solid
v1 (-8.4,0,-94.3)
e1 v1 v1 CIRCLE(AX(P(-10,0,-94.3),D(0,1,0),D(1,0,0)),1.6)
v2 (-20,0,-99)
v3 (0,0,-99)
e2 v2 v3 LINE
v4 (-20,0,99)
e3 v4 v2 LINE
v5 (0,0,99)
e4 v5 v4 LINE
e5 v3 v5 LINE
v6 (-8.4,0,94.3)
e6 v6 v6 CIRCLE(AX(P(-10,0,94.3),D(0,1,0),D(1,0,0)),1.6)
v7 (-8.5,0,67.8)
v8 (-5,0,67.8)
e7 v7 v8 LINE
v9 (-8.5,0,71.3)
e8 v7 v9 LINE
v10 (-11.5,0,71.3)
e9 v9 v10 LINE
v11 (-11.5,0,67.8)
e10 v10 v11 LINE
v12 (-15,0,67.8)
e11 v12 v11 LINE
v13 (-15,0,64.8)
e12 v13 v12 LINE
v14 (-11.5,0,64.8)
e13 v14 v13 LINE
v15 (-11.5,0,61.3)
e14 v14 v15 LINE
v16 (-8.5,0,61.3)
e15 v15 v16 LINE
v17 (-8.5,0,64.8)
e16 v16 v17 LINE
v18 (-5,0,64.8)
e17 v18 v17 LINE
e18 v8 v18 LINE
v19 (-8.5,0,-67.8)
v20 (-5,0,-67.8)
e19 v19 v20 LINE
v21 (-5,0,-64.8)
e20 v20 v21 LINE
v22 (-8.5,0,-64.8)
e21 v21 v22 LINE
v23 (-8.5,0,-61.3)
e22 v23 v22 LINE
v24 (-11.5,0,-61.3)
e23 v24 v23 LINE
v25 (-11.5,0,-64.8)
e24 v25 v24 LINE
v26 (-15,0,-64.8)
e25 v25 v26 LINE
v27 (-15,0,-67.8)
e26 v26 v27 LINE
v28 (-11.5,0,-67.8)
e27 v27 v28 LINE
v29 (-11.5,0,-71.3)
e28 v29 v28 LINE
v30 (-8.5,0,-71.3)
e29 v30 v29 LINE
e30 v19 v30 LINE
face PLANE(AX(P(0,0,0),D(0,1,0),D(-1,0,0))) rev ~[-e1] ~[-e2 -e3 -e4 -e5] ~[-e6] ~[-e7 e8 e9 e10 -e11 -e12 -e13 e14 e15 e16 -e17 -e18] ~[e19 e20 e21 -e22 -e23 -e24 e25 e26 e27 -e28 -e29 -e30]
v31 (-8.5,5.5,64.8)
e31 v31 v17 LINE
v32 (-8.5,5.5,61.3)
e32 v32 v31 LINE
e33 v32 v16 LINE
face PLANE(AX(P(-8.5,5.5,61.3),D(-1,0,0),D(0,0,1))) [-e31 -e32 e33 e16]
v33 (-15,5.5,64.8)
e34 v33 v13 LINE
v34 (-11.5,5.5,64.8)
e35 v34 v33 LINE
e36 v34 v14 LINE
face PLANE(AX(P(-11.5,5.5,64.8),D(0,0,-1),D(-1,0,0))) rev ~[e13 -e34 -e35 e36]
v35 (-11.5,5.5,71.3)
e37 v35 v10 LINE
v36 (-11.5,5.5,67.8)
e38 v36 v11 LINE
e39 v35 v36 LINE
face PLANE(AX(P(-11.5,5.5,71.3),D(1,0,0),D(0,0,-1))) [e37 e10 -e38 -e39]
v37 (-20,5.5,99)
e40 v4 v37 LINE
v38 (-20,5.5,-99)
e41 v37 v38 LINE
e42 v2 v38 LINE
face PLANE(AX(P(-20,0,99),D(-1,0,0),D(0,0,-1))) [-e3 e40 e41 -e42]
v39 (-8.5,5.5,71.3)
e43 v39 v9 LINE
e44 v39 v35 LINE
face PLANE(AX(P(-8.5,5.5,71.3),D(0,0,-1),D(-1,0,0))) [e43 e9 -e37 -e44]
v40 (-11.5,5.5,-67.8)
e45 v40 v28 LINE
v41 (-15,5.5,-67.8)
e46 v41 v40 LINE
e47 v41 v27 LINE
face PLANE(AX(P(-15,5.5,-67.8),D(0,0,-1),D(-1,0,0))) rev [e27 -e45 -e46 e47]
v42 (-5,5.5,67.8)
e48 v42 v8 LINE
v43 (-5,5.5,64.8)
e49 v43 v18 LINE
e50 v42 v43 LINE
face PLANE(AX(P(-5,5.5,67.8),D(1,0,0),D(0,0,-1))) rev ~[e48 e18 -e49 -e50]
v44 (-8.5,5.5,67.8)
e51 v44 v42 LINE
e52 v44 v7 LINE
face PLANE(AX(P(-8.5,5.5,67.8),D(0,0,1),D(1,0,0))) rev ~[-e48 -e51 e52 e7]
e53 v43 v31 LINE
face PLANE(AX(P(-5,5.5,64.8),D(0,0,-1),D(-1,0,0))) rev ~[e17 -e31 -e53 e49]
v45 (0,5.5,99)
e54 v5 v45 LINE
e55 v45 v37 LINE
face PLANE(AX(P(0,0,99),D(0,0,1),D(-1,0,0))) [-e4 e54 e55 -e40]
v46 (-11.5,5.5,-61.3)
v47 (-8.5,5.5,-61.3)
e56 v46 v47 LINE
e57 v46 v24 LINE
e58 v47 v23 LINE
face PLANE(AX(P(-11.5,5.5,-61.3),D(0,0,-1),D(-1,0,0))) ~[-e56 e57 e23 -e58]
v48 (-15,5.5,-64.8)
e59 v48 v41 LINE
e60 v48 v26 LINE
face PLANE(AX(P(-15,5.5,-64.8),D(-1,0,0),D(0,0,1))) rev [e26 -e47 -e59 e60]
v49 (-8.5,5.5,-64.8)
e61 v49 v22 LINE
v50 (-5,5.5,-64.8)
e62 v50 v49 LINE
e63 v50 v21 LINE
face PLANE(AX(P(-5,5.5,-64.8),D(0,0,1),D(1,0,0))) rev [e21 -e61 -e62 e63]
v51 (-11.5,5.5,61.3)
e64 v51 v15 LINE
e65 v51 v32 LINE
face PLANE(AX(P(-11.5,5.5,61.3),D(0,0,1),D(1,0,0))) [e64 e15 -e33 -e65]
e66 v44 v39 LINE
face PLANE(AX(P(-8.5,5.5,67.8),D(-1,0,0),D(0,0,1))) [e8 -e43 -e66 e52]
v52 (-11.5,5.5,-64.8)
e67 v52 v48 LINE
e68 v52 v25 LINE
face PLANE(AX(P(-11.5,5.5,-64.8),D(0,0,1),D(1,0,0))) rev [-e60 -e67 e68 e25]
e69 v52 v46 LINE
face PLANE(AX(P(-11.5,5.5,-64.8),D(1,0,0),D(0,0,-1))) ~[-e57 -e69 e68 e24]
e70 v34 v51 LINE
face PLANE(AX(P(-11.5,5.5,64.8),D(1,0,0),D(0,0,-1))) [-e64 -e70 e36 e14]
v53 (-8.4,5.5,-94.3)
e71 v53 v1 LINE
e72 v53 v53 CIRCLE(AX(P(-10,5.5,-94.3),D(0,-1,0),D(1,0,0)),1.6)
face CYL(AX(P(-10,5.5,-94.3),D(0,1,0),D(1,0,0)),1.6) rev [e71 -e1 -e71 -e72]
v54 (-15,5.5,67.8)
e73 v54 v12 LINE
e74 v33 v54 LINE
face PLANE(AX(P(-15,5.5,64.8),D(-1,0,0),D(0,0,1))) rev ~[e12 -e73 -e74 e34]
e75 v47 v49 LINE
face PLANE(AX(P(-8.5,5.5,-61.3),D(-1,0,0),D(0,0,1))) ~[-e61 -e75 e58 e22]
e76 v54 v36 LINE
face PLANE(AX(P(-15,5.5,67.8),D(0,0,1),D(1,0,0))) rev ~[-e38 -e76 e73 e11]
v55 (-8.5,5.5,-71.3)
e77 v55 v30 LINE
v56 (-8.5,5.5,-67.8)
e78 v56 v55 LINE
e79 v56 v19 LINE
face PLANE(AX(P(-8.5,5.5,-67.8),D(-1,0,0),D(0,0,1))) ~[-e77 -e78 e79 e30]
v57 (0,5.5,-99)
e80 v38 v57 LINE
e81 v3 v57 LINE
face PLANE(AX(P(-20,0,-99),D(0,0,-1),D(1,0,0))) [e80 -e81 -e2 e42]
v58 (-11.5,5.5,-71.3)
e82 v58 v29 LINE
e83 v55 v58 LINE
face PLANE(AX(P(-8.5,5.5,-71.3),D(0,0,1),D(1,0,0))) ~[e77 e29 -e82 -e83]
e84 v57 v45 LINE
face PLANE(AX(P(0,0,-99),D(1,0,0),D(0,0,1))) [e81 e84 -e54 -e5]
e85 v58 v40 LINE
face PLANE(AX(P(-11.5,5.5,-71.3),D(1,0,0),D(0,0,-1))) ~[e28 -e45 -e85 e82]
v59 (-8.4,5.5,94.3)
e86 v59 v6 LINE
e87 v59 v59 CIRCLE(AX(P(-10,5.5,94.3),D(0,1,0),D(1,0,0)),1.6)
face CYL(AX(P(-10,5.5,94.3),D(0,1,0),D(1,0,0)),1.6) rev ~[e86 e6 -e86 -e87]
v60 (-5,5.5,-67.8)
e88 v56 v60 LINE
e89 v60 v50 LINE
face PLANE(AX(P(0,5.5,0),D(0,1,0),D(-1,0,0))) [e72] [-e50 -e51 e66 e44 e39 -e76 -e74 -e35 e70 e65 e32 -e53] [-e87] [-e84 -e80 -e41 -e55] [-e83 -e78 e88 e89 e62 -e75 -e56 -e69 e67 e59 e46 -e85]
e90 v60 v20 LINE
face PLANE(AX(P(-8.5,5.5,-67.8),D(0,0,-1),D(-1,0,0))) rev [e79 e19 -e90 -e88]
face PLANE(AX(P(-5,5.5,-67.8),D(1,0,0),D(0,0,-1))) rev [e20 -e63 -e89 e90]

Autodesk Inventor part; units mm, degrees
ref_plane "YZ Plane" through (0, 0, 0) normal (1, 0, 0) x (0, 1, 0)
ref_plane "XZ Plane" through (0, 0, 0) normal (0, 1, 0) x (-1, 0, 0)
ref_plane "XY Plane" through (0, 0, 0) normal (0, 0, 1) x (1, 0, 0)
sketch "スケッチ1" plane through (0, 0, 0) normal (0, 1, 0) x (-1, 0, 0)
  line L0 (0, 99) -> (20, 99)
  line L1 (20, 99) -> (20, -99)
  line L2 (20, -99) -> (0, -99)
  line L3 (0, -99) -> (0, 99)
  point P0 (0, 0)
  point P1 (0, 0)
  dimension "d0" = 198
  dimension "d1" = 20
extrude "押し出し1" add sketch "スケッチ1" along normal blind 5.5
sketch "スケッチ2" plane through (0, 5.5, 0) normal (0, 1, 0) x (1, 0, 0)
  line L0 (-15, -67.8) -> (-5, -67.8)
  line L1 (-5, -67.8) -> (-5, -64.8)
  line L2 (-5, -64.8) -> (-15, -64.8)
  line L3 (-15, -64.8) -> (-15, -67.8)
  line L4 (-8.5, -71.3) -> (-11.5, -71.3)
  line L5 (-11.5, -71.3) -> (-11.5, -61.3)
  line L6 (-11.5, -61.3) -> (-8.5, -61.3)
  line L7 (-8.5, -61.3) -> (-8.5, -71.3)
  line L8 (-20, -99) -> (0, -99) projected
  circle A0 centre (-10, -94.3) radius 1.6
  point P0 (0, 0)
  point P1 (-8.5, -66.3)
  point P2 (-15, -66.3)
  point P3 (-10, -71.3)
  point P4 (-10, -67.8)
  point P5 (-10, -99)
  point P6 (-8.5, -64.8)
  point P7 (-11.5, -64.8)
  point P8 (-11.5, -67.8)
  point P9 (-8.5, -67.8)
  point P10 (-10, -99)
  dimension "d4" = 10
  dimension "d5" = 27.7
  dimension "d6" = 3
  dimension "d9" = 3.2
  dimension "d10" = 4.7
extrude "押し出し2" cut sketch "スケッチ2" against normal through all
mirror "ミラー1" about plane through (0, 0, 0) normal (0, 0, 1) of "押し出し2"
properties part number "front_connector_base" material "木材 (カエデ材)"
